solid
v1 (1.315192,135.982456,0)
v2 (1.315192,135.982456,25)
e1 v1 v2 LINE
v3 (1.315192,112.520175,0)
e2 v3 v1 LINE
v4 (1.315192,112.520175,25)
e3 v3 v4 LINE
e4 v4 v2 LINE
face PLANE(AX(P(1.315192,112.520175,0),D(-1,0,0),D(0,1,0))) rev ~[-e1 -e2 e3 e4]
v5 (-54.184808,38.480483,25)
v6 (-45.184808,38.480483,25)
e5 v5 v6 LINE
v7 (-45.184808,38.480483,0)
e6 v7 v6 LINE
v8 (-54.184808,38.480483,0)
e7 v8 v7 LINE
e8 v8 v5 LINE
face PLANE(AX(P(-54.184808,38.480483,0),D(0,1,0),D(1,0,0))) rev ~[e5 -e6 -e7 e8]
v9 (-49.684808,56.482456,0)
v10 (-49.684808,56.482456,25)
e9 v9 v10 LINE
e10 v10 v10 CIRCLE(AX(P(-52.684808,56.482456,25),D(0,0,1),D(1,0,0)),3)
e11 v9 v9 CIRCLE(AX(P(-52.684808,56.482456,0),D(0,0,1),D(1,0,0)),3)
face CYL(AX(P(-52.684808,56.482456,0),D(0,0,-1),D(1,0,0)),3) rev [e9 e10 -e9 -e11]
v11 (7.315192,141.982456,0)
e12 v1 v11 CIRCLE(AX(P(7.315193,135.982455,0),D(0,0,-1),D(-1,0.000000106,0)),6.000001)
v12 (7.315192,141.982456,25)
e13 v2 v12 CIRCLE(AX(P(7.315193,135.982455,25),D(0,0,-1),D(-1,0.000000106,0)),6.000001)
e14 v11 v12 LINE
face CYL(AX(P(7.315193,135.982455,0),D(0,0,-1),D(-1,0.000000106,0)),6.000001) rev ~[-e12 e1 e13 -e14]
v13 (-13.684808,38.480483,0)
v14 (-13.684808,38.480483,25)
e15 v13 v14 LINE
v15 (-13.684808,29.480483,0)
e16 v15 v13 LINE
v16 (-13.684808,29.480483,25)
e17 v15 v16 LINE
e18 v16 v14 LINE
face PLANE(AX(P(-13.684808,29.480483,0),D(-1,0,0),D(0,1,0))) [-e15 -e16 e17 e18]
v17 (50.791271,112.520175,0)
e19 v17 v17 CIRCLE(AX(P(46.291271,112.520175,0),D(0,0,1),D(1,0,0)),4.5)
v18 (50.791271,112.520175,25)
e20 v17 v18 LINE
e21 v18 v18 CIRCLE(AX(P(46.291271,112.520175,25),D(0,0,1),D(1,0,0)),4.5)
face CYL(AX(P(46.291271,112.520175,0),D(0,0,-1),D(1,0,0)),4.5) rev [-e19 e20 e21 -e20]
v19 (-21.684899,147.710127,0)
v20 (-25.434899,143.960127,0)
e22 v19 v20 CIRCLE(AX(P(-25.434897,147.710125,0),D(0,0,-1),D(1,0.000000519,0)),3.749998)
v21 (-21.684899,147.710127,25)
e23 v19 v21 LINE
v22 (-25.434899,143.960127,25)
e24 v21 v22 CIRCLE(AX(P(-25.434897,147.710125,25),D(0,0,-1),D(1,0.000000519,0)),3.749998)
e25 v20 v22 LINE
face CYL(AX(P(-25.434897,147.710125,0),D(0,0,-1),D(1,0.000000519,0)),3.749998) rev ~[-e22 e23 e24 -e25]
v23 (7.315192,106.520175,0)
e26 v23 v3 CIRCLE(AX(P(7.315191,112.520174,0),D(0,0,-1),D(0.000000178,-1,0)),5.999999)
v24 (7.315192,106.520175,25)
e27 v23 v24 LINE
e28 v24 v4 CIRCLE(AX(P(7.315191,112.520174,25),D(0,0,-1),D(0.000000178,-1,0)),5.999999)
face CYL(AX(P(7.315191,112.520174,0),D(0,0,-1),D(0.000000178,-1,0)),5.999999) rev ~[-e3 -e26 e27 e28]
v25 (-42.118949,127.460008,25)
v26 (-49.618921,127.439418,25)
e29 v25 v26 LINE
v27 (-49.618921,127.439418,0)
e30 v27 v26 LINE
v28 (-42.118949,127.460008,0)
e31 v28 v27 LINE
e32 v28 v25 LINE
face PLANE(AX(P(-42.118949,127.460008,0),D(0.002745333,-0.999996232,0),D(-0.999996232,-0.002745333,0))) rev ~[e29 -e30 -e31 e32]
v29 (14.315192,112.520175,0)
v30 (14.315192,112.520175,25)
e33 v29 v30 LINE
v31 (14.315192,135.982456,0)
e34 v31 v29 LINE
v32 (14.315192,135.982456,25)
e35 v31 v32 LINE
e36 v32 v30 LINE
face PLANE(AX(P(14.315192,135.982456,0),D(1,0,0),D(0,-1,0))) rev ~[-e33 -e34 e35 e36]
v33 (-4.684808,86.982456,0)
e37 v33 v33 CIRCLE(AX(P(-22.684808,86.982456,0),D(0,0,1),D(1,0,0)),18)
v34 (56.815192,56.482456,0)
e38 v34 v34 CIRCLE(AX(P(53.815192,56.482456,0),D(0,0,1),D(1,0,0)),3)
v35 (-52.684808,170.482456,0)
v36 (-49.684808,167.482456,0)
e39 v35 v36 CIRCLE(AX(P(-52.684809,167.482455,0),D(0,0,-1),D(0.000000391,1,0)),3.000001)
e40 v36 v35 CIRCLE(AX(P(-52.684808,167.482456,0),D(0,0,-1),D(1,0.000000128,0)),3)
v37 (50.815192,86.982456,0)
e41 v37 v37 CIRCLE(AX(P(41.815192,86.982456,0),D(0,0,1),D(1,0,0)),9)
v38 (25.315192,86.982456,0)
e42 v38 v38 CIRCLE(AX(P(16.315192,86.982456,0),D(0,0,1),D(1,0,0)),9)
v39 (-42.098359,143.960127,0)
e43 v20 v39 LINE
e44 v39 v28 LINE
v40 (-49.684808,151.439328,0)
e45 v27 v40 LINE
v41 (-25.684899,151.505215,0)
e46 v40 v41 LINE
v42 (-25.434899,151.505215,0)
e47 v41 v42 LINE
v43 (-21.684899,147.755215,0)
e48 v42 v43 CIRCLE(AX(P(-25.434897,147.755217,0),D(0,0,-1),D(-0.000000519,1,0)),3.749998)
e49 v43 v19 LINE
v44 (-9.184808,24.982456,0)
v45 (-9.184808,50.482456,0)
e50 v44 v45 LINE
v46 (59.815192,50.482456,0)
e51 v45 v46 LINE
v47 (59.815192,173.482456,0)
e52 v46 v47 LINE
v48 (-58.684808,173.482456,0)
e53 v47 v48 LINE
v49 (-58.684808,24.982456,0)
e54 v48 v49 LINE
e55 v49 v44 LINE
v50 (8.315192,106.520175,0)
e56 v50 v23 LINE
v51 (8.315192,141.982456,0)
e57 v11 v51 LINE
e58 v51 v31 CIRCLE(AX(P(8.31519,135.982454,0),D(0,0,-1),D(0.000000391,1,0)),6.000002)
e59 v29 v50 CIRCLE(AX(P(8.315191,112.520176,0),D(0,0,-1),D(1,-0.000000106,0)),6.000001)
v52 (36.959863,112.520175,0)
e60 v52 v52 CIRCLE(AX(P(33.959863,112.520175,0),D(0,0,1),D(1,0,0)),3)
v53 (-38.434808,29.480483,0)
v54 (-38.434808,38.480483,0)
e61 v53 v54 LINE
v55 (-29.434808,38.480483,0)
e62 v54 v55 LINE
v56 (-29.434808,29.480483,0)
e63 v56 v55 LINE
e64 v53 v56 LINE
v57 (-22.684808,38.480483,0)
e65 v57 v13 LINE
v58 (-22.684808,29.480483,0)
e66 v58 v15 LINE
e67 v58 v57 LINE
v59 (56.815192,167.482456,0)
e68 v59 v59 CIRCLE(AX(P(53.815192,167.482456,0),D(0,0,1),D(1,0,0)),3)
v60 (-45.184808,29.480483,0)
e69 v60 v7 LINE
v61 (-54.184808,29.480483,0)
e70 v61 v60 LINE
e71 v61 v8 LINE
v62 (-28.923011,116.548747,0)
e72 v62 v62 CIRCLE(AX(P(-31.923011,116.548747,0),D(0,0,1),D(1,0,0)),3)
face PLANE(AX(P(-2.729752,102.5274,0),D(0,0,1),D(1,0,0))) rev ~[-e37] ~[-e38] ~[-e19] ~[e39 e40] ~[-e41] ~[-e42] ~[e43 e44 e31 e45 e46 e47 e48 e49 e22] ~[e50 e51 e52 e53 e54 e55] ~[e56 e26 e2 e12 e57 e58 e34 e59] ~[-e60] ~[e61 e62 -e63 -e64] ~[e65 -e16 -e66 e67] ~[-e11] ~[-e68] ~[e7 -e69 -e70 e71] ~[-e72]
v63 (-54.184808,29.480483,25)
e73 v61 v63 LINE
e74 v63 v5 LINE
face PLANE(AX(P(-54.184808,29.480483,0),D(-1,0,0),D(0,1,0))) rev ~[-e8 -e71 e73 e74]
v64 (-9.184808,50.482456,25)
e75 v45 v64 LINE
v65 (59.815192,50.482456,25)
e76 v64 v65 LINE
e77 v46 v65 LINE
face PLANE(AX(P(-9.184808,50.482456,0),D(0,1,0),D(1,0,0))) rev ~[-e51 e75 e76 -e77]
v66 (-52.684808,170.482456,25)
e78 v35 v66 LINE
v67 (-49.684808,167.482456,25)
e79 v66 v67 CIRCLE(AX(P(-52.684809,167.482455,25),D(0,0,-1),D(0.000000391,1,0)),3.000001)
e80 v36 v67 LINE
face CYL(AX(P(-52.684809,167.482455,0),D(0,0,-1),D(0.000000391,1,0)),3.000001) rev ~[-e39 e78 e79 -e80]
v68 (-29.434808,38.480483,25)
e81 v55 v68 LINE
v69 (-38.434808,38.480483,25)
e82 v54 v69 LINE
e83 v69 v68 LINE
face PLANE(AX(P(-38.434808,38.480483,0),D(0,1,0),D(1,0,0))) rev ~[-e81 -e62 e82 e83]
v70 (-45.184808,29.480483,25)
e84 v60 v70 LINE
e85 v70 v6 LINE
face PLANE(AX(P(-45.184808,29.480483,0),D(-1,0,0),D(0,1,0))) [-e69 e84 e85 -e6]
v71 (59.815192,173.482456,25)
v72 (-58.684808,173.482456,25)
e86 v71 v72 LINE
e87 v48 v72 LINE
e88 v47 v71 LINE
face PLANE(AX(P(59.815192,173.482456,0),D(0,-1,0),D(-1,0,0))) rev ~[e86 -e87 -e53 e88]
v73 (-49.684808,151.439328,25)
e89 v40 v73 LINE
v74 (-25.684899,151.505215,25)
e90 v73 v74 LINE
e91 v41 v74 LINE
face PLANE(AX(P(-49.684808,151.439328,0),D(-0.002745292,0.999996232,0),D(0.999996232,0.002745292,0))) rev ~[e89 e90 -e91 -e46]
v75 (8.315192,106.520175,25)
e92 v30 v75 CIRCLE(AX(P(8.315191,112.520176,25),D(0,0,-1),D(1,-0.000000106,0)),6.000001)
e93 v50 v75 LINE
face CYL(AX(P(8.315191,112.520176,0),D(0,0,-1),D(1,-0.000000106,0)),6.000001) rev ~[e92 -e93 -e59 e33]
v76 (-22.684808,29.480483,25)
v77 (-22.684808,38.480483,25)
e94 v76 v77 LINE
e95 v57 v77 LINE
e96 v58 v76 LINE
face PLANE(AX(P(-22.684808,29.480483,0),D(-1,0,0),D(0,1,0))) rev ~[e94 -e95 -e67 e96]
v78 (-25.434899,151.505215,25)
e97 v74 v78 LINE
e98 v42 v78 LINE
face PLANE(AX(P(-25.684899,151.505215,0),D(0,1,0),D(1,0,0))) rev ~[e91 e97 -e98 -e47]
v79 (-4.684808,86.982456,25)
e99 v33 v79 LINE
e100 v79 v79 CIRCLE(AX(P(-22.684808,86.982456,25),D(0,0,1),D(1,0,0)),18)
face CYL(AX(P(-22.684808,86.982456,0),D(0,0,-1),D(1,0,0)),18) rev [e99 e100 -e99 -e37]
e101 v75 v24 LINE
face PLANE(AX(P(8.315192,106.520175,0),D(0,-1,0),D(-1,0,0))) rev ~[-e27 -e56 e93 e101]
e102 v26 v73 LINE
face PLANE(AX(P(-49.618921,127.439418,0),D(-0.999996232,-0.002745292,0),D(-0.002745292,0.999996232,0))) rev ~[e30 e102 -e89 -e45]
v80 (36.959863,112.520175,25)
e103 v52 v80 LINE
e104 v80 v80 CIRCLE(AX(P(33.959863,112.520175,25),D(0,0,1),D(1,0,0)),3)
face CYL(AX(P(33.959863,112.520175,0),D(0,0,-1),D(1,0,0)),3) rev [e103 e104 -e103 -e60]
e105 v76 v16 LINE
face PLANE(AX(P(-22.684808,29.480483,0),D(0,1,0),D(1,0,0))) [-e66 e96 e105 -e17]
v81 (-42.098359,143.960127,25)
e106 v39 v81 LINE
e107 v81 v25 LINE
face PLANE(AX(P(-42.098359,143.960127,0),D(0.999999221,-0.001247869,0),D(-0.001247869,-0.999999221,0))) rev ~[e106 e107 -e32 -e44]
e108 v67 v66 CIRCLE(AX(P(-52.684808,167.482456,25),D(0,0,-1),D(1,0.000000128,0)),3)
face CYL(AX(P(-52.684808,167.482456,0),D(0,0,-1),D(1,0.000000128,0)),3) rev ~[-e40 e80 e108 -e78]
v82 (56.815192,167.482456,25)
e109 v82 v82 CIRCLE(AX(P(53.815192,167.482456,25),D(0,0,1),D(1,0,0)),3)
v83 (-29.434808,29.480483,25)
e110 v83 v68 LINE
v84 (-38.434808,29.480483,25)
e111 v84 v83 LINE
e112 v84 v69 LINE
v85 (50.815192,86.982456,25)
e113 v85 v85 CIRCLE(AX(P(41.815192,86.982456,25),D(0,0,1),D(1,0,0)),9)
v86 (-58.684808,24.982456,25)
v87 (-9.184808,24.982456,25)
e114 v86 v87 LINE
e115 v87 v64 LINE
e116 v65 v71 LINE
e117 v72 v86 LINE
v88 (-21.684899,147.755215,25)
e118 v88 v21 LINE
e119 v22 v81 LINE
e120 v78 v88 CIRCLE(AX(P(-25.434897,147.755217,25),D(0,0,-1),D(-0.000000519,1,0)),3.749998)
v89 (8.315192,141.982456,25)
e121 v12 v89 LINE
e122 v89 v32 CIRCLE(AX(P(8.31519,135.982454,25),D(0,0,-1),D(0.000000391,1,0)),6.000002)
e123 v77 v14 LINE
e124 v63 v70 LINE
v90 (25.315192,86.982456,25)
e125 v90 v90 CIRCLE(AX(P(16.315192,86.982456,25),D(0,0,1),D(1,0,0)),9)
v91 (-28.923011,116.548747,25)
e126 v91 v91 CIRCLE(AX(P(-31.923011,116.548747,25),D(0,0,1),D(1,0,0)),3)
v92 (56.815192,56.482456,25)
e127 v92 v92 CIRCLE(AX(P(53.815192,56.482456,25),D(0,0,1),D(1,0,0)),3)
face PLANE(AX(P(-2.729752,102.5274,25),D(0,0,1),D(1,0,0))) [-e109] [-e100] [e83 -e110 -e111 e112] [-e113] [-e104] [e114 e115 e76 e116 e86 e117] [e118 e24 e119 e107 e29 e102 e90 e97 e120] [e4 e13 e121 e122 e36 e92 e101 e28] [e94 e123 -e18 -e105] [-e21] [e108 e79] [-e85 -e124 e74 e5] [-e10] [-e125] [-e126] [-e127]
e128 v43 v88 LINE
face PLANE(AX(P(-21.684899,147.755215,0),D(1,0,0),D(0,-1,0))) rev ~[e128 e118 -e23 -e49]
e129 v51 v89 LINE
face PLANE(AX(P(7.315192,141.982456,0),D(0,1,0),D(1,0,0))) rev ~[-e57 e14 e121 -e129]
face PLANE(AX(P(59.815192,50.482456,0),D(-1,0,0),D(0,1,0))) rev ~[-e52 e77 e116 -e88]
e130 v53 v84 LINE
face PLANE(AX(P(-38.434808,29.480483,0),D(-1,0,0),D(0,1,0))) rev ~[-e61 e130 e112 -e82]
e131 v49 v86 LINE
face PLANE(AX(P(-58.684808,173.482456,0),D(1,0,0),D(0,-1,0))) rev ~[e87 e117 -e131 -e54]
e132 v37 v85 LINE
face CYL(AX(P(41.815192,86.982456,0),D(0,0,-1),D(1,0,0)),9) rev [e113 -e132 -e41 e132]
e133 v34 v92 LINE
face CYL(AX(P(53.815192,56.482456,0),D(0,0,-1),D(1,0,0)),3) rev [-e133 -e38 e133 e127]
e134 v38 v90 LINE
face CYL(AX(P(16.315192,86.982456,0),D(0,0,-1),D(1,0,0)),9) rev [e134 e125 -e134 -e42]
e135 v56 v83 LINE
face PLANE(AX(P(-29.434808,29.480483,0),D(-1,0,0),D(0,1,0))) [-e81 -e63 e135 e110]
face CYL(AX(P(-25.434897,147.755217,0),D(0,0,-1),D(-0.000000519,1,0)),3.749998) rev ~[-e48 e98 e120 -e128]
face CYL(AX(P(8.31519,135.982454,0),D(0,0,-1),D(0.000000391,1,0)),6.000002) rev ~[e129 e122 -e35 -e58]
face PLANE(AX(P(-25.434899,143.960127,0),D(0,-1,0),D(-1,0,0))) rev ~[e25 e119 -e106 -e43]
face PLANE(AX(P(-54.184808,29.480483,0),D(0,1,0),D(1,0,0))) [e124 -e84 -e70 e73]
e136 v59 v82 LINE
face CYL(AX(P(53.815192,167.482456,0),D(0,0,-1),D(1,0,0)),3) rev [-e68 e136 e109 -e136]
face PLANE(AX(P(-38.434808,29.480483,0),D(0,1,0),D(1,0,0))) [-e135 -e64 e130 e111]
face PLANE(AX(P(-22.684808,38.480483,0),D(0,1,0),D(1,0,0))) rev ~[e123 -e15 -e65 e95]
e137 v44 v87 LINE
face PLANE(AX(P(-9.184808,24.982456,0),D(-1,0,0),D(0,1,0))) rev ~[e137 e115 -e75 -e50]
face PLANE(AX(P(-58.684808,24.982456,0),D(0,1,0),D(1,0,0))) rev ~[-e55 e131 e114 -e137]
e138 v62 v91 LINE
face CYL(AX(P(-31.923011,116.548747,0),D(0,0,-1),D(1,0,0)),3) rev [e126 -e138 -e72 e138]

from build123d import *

# Parameters (mm, degrees)
F0_W     = 9
F0_H     = 9
F0_R     = 3
F0_R_2   = 18
F0_R_3   = 9
F0_R_4   = 4.5
F1_DEPTH = 25


with BuildPart() as f1:
    # F0 (on Top) → F1 (new body)
    with BuildSketch(Plane.XY):
        Polygon((-52.684808, 173.482456), (-58.684808, 173.482456), (-58.684808, 24.982456), (-9.184808, 24.982456), (-9.184808, 50.482456), (59.815192, 50.482456), (59.815192, 86.982456), (59.815192, 173.482456), (7.315192, 173.482456), align=None)
        with Locations((-49.684808, 33.980483)):
            Rectangle(F0_W, F0_H, mode=Mode.SUBTRACT)
        with Locations((-33.934808, 33.980483)):
            Rectangle(F0_W, F0_H, mode=Mode.SUBTRACT)
        with Locations((-52.684808, 56.482456)):
            Circle(F0_R, mode=Mode.SUBTRACT)
        with Locations((-18.184808, 33.980483)):
            Rectangle(F0_W, F0_H, mode=Mode.SUBTRACT)
        with Locations((-22.684808, 86.982456)):
            Circle(F0_R_2, mode=Mode.SUBTRACT)
        with Locations((53.815192, 56.482456)):
            Circle(F0_R, mode=Mode.SUBTRACT)
        with Locations((16.315192, 86.982456)):
            Circle(F0_R_3, mode=Mode.SUBTRACT)
        with Locations((41.815192, 86.982456)):
            Circle(F0_R_3, mode=Mode.SUBTRACT)
        with Locations((-31.923011, 116.548747)):
            Circle(F0_R, mode=Mode.SUBTRACT)
        with BuildLine():
            Line((-49.618921, 127.439418), (-49.684808, 151.439328))
            Line((-49.684808, 151.439328), (-25.684899, 151.505215))
            Line((-25.684899, 151.505215), (-25.434899, 151.505215))
            ThreePointArc((-25.434899, 151.505215), (-22.783248, 150.406866), (-21.684899, 147.755215))
            Line((-21.684899, 147.755215), (-21.684899, 147.710127))
            ThreePointArc((-21.684899, 147.710127), (-22.783248, 145.058476), (-25.434899, 143.960127))
            Line((-25.434899, 143.960127), (-25.684899, 143.960127))
            Line((-25.684899, 143.960127), (-42.098359, 143.960127))
            Line((-42.098359, 143.960127), (-42.118949, 127.460008))
            Line((-42.118949, 127.460008), (-49.618921, 127.439418))
        make_face(mode=Mode.SUBTRACT)
        with BuildLine():
            ThreePointArc((-49.684808, 167.482456), (-54.806129, 165.361135), (-52.684808, 170.482456))
            ThreePointArc((-52.684808, 170.482456), (-50.563488, 169.603776), (-49.684808, 167.482456))
        make_face(mode=Mode.SUBTRACT)
        with BuildLine():
            Line((1.315192, 114.520175), (1.315192, 133.982456))
            Line((1.315192, 133.982456), (1.315192, 135.982456))
            ThreePointArc((1.315192, 135.982456), (3.072551, 140.225096), (7.315192, 141.982456))
            Line((7.315192, 141.982456), (8.315192, 141.982456))
            ThreePointArc((8.315192, 141.982456), (12.557832, 140.225096), (14.315192, 135.982456))
            Line((14.315192, 135.982456), (14.315192, 132.982456))
            Line((14.315192, 132.982456), (14.315192, 112.520175))
            ThreePointArc((14.315192, 112.520175), (12.557832, 108.277534), (8.315192, 106.520175))
            Line((8.315192, 106.520175), (7.315192, 106.520175))
            ThreePointArc((7.315192, 106.520175), (3.072551, 108.277534), (1.315192, 112.520175))
            Line((1.315192, 112.520175), (1.315192, 114.520175))
        make_face(mode=Mode.SUBTRACT)
        with Locations((33.959863, 112.520175)):
            Circle(F0_R, mode=Mode.SUBTRACT)
        with Locations((46.291271, 112.520175)):
            Circle(F0_R_4, mode=Mode.SUBTRACT)
        with Locations((53.815192, 167.482456)):
            Circle(F0_R, mode=Mode.SUBTRACT)
    extrude(amount=F1_DEPTH)


solid = f1.part
